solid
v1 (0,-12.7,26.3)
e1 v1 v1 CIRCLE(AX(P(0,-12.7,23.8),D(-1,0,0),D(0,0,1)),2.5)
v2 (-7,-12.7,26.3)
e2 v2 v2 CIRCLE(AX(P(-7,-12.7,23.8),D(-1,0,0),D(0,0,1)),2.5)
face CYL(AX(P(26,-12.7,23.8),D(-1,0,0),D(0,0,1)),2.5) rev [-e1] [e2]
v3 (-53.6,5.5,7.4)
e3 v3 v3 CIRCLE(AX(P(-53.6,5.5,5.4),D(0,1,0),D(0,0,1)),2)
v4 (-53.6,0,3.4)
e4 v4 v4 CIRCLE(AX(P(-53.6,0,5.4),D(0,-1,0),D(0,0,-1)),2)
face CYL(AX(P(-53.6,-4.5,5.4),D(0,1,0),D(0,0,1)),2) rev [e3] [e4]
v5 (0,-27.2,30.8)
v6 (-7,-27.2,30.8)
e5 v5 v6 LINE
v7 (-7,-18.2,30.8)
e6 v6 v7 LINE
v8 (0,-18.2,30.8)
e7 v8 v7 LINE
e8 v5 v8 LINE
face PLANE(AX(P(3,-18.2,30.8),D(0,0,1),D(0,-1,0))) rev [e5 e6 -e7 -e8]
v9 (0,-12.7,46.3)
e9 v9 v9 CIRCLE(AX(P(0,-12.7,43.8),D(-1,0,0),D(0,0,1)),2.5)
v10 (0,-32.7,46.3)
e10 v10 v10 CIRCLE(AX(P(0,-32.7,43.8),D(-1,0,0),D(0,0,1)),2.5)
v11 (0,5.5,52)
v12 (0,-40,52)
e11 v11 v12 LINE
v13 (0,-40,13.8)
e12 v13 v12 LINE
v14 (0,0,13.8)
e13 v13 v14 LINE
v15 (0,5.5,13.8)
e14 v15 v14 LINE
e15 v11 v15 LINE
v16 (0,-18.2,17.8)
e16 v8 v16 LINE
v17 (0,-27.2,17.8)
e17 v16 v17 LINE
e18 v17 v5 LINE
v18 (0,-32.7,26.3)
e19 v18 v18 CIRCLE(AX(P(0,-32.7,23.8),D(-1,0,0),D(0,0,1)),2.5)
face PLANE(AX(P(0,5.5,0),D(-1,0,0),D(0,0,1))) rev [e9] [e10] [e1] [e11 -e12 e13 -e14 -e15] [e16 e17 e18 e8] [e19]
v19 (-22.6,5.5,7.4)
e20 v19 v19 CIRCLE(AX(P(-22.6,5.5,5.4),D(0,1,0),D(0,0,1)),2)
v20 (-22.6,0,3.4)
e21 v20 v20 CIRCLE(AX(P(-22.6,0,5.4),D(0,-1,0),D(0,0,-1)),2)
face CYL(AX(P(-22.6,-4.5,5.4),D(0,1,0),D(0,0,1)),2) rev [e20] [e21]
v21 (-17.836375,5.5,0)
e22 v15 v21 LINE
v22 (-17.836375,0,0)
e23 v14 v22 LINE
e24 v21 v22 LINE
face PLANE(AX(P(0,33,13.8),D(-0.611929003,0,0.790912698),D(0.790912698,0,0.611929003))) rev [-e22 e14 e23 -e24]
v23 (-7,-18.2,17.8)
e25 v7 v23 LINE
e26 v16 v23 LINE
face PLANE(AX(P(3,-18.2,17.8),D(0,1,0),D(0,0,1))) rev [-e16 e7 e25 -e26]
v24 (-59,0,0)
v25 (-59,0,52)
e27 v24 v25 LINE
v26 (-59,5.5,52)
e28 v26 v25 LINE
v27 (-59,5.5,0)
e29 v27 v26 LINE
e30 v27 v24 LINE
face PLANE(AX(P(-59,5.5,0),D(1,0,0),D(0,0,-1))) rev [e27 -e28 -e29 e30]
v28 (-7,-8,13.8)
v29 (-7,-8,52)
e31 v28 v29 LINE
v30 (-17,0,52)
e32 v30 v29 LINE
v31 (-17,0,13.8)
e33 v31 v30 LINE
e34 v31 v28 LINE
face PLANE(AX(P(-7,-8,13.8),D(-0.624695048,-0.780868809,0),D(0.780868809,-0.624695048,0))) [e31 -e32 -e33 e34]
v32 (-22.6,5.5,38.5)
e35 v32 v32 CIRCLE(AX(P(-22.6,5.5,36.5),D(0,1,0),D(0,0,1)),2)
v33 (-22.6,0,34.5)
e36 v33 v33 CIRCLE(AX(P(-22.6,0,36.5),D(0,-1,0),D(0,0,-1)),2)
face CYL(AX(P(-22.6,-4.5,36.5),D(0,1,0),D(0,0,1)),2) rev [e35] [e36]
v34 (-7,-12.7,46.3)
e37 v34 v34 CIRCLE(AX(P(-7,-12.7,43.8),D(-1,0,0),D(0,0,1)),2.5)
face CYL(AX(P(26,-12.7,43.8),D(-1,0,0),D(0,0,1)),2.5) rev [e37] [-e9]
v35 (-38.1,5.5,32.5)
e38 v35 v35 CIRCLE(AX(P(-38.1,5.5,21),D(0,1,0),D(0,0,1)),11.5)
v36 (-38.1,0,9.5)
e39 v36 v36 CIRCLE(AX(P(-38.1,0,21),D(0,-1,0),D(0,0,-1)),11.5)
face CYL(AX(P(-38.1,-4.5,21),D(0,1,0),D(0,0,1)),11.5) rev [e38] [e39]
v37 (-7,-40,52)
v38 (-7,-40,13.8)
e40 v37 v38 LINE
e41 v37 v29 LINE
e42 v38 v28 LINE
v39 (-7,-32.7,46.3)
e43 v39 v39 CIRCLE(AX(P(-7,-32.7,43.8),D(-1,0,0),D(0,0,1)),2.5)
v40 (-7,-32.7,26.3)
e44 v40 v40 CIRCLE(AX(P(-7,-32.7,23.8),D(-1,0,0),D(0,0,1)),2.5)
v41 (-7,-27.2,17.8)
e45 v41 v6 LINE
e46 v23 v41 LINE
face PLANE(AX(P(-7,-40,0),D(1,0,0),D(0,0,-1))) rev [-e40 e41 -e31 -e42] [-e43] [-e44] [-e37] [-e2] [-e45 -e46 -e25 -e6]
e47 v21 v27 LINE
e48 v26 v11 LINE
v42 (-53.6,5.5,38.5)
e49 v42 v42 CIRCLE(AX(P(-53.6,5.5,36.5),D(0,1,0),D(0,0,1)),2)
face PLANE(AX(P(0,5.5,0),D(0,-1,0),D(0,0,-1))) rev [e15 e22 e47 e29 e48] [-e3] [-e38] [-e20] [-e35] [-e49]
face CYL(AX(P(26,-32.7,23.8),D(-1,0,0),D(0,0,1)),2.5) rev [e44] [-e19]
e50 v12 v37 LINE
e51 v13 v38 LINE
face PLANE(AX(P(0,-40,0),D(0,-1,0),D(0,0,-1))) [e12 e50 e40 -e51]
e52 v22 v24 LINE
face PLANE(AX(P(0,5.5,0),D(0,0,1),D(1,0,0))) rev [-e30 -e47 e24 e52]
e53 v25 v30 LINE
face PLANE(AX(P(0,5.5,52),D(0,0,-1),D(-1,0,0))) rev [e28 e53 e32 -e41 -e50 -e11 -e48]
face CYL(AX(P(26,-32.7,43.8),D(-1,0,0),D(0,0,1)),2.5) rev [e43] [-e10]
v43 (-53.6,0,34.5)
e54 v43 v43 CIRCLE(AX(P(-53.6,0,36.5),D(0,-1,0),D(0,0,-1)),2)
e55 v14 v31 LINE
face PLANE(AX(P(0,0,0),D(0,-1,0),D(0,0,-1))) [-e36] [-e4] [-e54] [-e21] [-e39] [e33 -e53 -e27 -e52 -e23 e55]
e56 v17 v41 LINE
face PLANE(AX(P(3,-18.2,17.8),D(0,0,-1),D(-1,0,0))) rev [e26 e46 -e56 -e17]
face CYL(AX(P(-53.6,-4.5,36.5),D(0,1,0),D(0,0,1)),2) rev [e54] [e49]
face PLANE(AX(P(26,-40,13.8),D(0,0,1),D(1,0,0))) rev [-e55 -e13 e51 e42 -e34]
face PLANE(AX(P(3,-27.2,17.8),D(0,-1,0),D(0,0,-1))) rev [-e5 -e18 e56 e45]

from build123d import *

# Parameters (mm, degrees)
SKETCH1_W           = 59
SKETCH1_H           = 52
BOSS_EXTRUDE1_DEPTH = 5.5
SKETCH2_R           = 2
CUT_EXTRUDE1_DEPTH  = 10
SKETCH4_W           = 7
SKETCH4_H           = 52
BOSS_EXTRUDE3_DEPTH = 40
SKETCH5_R           = 2.5
CUT_EXTRUDE2_DEPTH  = 33
SKETCH6_W           = 13.8
SKETCH6_H           = 40
CUT_EXTRUDE3_DEPTH  = 33
CUT_EXTRUDE4_DEPTH  = 33
BOSS_EXTRUDE6_DEPTH = 38.2
SKETCH10_W          = 13
SKETCH10_H          = 9
CUT_EXTRUDE8_DEPTH  = 10
SKETCH11_R          = 11.5
CUT_EXTRUDE9_DEPTH  = 10


with BuildPart() as part:
    # Sketch1 → Boss-Extrude1 (new body)
    with BuildSketch(Plane(origin=(0, 0, 0), x_dir=(1, 0, 0), z_dir=(0, 1, 0))):
        with Locations((-29.5, -26)):
            Rectangle(SKETCH1_W, SKETCH1_H)
    extrude(amount=BOSS_EXTRUDE1_DEPTH)

    # Sketch2 → Cut-Extrude1 (cut)
    with BuildSketch(Plane(origin=(0, 5.5, 0), x_dir=(1, 0, 0), z_dir=(0, 1, 0))):
        with Locations(Location((-53.6, -5.4, 0), (0, 0, 270))):
            Circle(SKETCH2_R)
        with Locations(Location((-22.6, -5.4, 0), (0, 0, 270))):
            Circle(SKETCH2_R)
        with Locations(Location((-53.6, -36.5, 0), (0, 0, 270))):
            Circle(SKETCH2_R)
        with Locations(Location((-22.6, -36.5, 0), (0, 0, 270))):
            Circle(SKETCH2_R)
    extrude(amount=-CUT_EXTRUDE1_DEPTH, mode=Mode.SUBTRACT)

    # Sketch4 → Boss-Extrude3 (add)
    with BuildSketch(Plane(origin=(0, 0, 0), x_dir=(-1, 0, 0), z_dir=(0, -1, 0))):
        with Locations((3.5, -26)):
            Rectangle(SKETCH4_W, SKETCH4_H)
    extrude(amount=BOSS_EXTRUDE3_DEPTH)

    # Sketch5 → Cut-Extrude2 (cut)
    with BuildSketch(Plane.ZY.offset(7)):
        with Locations((43.8, -32.7)):
            Circle(SKETCH5_R)
        with Locations((43.8, -12.7)):
            Circle(SKETCH5_R)
        with Locations((23.8, -32.7)):
            Circle(SKETCH5_R)
        with Locations((23.8, -12.7)):
            Circle(SKETCH5_R)
    extrude(amount=-CUT_EXTRUDE2_DEPTH, mode=Mode.SUBTRACT)

    # Sketch6 → Cut-Extrude3 (cut)
    with BuildSketch(Plane.ZY.offset(7)):
        with Locations((6.9, -20)):
            Rectangle(SKETCH6_W, SKETCH6_H)
    extrude(amount=-CUT_EXTRUDE3_DEPTH, mode=Mode.SUBTRACT)

    # Sketch7 → Cut-Extrude4 (cut)
    with BuildSketch(Plane(origin=(0, 0, 0), x_dir=(-1, 0, 0), z_dir=(0, -1, 0))):
        Polygon((0, 0), (0, -13.8), (17.836375114, 0), align=None)
    extrude(amount=-CUT_EXTRUDE4_DEPTH, mode=Mode.SUBTRACT)

    # Sketch8 → Boss-Extrude6 (add)
    with BuildSketch(Plane.XY.offset(52)):
        Polygon((-7, 0), (-7, -8), (-17, 0), align=None)
    extrude(amount=-BOSS_EXTRUDE6_DEPTH)

    # Sketch10 → Cut-Extrude8 (cut)
    with BuildSketch(Plane.ZY.offset(7)):
        with Locations((24.3, -22.7)):
            Rectangle(SKETCH10_W, SKETCH10_H)
    extrude(amount=-CUT_EXTRUDE8_DEPTH, mode=Mode.SUBTRACT)

    # Sketch11 → Cut-Extrude9 (cut)
    with BuildSketch(Plane(origin=(0, 5.5, 0), x_dir=(1, 0, 0), z_dir=(0, 1, 0))):
        with Locations(Location((-38.1, -21, 0), (0, 0, 270))):
            Circle(SKETCH11_R)
    extrude(amount=-CUT_EXTRUDE9_DEPTH, mode=Mode.SUBTRACT)


solid = part.part
